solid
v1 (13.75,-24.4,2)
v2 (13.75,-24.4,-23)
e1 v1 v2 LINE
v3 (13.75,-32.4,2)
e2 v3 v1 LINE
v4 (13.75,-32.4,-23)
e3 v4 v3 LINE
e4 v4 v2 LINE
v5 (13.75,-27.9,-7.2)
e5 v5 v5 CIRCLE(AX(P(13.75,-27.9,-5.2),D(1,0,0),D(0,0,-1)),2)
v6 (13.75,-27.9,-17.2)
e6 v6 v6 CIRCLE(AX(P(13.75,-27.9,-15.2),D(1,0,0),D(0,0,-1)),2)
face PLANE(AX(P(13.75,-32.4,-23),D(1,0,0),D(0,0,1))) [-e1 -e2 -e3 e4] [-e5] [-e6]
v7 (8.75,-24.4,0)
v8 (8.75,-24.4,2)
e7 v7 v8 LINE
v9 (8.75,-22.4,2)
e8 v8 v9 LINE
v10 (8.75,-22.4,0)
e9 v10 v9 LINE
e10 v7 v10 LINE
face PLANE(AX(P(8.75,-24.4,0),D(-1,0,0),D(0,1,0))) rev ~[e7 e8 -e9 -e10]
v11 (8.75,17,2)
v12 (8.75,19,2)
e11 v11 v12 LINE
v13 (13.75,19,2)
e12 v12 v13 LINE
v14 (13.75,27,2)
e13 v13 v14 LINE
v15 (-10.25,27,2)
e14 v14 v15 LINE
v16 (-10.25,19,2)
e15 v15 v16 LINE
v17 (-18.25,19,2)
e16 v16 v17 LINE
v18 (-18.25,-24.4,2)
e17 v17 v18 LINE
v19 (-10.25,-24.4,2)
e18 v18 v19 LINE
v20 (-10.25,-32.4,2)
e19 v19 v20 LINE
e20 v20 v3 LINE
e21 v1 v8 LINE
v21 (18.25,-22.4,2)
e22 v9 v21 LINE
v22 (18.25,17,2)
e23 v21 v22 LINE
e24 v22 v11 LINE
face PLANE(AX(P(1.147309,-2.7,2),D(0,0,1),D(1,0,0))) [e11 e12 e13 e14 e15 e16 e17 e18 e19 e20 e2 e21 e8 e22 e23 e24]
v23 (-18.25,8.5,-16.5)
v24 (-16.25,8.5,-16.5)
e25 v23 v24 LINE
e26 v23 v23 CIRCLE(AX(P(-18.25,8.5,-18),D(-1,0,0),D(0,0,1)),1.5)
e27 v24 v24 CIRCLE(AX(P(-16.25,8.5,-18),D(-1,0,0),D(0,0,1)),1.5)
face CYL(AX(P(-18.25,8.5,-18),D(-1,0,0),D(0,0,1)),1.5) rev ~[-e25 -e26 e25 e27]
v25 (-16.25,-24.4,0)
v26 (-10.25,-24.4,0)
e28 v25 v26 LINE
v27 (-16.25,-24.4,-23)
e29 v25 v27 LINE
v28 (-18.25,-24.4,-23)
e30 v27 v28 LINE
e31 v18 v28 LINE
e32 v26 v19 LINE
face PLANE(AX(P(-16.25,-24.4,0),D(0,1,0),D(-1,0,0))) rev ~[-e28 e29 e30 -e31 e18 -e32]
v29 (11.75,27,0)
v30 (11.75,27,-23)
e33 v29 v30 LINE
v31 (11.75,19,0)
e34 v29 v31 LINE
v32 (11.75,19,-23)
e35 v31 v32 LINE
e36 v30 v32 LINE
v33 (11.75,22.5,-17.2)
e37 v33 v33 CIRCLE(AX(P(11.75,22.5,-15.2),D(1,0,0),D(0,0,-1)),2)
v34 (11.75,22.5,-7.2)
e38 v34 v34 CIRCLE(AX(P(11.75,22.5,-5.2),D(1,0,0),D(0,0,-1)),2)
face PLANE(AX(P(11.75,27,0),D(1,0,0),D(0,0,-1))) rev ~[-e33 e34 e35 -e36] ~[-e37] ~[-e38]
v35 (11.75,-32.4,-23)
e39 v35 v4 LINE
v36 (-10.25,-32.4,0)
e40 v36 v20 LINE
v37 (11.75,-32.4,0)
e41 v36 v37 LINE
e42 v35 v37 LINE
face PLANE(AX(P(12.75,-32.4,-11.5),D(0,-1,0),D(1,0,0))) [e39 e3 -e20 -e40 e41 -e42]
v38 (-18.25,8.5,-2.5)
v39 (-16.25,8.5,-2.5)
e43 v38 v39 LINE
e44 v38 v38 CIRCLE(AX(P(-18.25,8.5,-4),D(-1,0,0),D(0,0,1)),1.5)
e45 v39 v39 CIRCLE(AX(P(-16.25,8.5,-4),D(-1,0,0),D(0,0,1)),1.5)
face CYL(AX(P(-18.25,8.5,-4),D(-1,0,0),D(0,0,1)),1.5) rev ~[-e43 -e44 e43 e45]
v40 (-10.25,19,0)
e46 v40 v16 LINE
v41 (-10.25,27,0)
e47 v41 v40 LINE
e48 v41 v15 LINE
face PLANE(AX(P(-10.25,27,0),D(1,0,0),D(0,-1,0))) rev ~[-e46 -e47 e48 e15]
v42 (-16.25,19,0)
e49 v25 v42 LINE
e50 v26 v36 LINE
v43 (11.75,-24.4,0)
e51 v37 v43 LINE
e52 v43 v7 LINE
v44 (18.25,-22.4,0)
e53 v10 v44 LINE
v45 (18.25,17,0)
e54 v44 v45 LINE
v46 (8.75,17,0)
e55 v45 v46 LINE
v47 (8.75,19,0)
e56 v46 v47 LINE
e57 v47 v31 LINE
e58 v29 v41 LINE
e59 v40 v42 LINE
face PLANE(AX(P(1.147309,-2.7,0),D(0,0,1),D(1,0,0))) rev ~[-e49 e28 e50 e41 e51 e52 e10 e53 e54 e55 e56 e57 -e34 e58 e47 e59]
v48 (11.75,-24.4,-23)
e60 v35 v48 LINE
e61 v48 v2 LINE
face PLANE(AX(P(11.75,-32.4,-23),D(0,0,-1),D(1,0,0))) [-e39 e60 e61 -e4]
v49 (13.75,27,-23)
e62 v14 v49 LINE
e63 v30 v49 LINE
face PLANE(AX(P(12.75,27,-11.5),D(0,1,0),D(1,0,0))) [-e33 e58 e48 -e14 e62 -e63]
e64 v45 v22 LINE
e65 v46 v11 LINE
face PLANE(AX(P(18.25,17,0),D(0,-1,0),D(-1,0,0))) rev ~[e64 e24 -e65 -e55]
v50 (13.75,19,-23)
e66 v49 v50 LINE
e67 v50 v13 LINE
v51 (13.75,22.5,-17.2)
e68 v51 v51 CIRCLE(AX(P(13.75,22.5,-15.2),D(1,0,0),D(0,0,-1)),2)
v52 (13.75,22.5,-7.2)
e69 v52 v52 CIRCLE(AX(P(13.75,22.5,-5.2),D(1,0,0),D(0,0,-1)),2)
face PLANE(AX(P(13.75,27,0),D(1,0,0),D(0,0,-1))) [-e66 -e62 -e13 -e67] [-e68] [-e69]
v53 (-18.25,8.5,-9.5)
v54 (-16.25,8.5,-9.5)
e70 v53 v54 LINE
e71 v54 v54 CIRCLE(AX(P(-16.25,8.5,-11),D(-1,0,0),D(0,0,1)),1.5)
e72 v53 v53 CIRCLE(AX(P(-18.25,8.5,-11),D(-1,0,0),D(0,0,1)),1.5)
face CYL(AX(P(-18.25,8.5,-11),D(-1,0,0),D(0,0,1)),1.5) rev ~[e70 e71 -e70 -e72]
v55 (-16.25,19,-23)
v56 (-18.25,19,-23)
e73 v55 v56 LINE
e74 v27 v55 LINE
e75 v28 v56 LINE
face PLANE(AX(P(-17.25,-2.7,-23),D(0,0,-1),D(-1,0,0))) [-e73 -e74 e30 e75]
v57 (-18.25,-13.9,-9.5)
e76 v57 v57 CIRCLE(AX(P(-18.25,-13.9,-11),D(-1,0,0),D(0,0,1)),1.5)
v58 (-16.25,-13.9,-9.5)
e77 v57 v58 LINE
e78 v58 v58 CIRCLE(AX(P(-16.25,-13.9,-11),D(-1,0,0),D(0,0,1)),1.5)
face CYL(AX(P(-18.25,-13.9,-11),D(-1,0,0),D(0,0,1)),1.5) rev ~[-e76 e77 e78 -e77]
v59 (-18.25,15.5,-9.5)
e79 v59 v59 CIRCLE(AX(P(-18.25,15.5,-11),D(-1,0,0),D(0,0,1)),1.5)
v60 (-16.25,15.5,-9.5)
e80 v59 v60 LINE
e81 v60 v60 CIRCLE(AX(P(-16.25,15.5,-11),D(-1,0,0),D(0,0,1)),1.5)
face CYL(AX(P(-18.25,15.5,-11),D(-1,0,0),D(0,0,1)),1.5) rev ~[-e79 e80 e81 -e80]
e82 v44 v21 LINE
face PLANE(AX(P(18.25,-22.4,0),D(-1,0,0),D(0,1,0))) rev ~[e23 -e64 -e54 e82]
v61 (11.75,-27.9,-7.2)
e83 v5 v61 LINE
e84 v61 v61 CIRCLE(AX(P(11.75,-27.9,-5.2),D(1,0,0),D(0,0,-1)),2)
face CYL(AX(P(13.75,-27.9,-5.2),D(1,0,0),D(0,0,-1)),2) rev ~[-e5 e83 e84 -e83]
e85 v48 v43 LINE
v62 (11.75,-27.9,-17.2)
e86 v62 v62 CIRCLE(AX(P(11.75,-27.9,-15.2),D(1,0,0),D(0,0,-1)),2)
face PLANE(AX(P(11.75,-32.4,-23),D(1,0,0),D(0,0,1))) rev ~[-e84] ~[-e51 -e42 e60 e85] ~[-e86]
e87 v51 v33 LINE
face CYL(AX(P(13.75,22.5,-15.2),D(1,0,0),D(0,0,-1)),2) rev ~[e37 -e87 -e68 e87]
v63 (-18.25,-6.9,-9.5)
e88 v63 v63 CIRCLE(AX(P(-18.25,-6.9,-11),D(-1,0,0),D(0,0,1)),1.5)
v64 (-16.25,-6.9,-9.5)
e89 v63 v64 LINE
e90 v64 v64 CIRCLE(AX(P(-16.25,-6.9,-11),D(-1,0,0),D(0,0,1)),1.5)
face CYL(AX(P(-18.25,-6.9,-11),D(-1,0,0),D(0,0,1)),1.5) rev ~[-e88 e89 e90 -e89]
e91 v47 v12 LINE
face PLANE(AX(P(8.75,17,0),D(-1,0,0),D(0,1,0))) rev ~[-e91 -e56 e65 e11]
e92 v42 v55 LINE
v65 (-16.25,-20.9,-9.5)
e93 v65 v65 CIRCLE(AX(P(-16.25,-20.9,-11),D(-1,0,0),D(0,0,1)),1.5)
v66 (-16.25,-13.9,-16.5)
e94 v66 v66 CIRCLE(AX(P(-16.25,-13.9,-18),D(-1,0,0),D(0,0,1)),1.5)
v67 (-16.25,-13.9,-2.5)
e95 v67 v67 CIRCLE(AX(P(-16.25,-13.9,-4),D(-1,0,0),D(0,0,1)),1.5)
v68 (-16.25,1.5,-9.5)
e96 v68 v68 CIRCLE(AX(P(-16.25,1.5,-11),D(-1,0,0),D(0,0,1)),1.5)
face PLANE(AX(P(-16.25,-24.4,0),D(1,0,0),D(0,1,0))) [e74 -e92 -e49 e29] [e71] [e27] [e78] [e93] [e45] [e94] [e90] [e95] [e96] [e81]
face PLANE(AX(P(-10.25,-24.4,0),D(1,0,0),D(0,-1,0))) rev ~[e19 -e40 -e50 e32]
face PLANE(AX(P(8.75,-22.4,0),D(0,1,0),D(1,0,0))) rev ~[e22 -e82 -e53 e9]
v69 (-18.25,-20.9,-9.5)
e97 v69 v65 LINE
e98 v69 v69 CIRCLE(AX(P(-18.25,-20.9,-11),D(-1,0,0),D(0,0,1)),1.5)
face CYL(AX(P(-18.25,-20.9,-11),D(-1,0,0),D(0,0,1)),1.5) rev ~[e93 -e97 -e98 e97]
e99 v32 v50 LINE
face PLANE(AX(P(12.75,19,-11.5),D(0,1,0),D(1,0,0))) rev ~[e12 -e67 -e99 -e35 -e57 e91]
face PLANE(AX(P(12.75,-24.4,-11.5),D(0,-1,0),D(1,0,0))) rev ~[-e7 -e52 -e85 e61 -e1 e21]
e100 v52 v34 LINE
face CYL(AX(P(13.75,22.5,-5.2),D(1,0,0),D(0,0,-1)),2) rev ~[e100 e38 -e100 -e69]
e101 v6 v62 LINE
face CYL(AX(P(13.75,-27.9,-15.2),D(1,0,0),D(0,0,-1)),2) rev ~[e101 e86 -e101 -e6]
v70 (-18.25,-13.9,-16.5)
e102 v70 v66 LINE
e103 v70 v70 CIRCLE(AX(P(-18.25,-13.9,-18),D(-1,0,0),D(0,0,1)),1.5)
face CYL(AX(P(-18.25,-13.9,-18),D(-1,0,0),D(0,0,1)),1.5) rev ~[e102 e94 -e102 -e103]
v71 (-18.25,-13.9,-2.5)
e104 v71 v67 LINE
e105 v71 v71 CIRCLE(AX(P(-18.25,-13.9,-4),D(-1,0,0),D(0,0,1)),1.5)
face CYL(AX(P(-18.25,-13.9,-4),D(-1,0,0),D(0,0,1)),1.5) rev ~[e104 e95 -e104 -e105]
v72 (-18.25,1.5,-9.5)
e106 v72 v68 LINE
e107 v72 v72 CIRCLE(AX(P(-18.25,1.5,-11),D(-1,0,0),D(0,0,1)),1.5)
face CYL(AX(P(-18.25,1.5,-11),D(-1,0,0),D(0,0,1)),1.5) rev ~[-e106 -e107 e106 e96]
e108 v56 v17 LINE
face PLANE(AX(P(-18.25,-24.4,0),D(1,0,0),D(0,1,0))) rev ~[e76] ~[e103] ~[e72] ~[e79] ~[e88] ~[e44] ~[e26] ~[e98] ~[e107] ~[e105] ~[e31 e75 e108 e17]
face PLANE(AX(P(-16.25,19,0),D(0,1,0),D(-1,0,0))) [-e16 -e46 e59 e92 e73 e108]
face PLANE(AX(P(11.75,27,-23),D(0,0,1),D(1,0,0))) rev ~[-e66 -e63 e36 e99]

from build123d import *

# Parameters (mm, degrees)
BOSS_EXTRU_1_DEPTH      = 2
ESQUISSE2_W             = 2
ESQUISSE2_H             = 43.4
BOSS_EXTRU_2_DEPTH      = 23
ESQUISSE3_W             = 2
ESQUISSE3_H             = 23
BOSS_EXTRU_3_DEPTH      = 8
ESQUISSE8_W             = 2
ESQUISSE8_H             = 23
BOSS_EXTRU_5_DEPTH      = 8
ESQUISSE9_R             = 2
ENL_V_MAT_EXTRU_3_DEPTH = 2
ESQUISSE10_R            = 1.5
ENL_V_MAT_EXTRU_4_DEPTH = 2


with BuildPart() as part:
    # Esquisse1 → Boss.-Extru.1 (new body)
    with BuildSketch(Plane.XY):
        Polygon((8.75, 17), (8.75, 19), (13.75, 19), (13.75, 27), (-10.25, 27), (-10.25, 19), (-18.25, 19), (-18.25, -24.4), (-10.25, -24.4), (-10.25, -32.4), (13.75, -32.4), (13.75, -24.4), (8.75, -24.4), (8.75, -22.4), (18.25, -22.4), (18.25, 17), align=None)
    extrude(amount=BOSS_EXTRU_1_DEPTH)

    # Esquisse2 → Boss.-Extru.2 (add)
    with BuildSketch(Plane(origin=(0, 0, 0), x_dir=(-1, 0, 0), z_dir=(0, 0, -1))):
        with Locations((17.25, -2.7)):
            Rectangle(ESQUISSE2_W, ESQUISSE2_H)
    extrude(amount=BOSS_EXTRU_2_DEPTH)

    # Esquisse3 → Boss.-Extru.3 (add)
    with BuildSketch(Plane(origin=(0, 27, 0), x_dir=(1, 0, 0), z_dir=(0, 1, 0))):
        with Locations((12.75, 11.5)):
            Rectangle(ESQUISSE3_W, ESQUISSE3_H)
    extrude(amount=-BOSS_EXTRU_3_DEPTH)

    # Esquisse8 → Boss.-Extru.5 (add)
    with BuildSketch(Plane.XZ.offset(32.4)):
        with Locations((12.75, -11.5)):
            Rectangle(ESQUISSE8_W, ESQUISSE8_H)
    extrude(amount=-BOSS_EXTRU_5_DEPTH)

    # Esquisse9 → Enlèv. mat.-Extru.3 (cut)
    with BuildSketch(Plane(origin=(13.75, 0, 0), x_dir=(0, 0, -1), z_dir=(1, 0, 0))):
        with Locations((5.2, 22.5)):
            Circle(ESQUISSE9_R)
        with Locations((15.2, 22.5)):
            Circle(ESQUISSE9_R)
        with Locations((15.2, -27.9)):
            Circle(ESQUISSE9_R)
        with Locations((5.2, -27.9)):
            Circle(ESQUISSE9_R)
    extrude(amount=-ENL_V_MAT_EXTRU_3_DEPTH, mode=Mode.SUBTRACT)

    # Esquisse10 → Enlèv. mat.-Extru.4 (cut)
    with BuildSketch(Plane.ZY.offset(18.25)):
        with Locations((-11, 15.5)):
            Circle(ESQUISSE10_R)
        with Locations((-11, 8.5)):
            Circle(ESQUISSE10_R)
        with Locations((-4, 8.5)):
            Circle(ESQUISSE10_R)
        with Locations((-11, 1.5)):
            Circle(ESQUISSE10_R)
        with Locations((-18, 8.5)):
            Circle(ESQUISSE10_R)
        with Locations((-11, -6.9)):
            Circle(ESQUISSE10_R)
        with Locations((-11, -13.9)):
            Circle(ESQUISSE10_R)
        with Locations((-4, -13.9)):
            Circle(ESQUISSE10_R)
        with Locations((-18, -13.9)):
            Circle(ESQUISSE10_R)
        with Locations((-11, -20.9)):
            Circle(ESQUISSE10_R)
    extrude(amount=-ENL_V_MAT_EXTRU_4_DEPTH, mode=Mode.SUBTRACT)


solid = part.part
